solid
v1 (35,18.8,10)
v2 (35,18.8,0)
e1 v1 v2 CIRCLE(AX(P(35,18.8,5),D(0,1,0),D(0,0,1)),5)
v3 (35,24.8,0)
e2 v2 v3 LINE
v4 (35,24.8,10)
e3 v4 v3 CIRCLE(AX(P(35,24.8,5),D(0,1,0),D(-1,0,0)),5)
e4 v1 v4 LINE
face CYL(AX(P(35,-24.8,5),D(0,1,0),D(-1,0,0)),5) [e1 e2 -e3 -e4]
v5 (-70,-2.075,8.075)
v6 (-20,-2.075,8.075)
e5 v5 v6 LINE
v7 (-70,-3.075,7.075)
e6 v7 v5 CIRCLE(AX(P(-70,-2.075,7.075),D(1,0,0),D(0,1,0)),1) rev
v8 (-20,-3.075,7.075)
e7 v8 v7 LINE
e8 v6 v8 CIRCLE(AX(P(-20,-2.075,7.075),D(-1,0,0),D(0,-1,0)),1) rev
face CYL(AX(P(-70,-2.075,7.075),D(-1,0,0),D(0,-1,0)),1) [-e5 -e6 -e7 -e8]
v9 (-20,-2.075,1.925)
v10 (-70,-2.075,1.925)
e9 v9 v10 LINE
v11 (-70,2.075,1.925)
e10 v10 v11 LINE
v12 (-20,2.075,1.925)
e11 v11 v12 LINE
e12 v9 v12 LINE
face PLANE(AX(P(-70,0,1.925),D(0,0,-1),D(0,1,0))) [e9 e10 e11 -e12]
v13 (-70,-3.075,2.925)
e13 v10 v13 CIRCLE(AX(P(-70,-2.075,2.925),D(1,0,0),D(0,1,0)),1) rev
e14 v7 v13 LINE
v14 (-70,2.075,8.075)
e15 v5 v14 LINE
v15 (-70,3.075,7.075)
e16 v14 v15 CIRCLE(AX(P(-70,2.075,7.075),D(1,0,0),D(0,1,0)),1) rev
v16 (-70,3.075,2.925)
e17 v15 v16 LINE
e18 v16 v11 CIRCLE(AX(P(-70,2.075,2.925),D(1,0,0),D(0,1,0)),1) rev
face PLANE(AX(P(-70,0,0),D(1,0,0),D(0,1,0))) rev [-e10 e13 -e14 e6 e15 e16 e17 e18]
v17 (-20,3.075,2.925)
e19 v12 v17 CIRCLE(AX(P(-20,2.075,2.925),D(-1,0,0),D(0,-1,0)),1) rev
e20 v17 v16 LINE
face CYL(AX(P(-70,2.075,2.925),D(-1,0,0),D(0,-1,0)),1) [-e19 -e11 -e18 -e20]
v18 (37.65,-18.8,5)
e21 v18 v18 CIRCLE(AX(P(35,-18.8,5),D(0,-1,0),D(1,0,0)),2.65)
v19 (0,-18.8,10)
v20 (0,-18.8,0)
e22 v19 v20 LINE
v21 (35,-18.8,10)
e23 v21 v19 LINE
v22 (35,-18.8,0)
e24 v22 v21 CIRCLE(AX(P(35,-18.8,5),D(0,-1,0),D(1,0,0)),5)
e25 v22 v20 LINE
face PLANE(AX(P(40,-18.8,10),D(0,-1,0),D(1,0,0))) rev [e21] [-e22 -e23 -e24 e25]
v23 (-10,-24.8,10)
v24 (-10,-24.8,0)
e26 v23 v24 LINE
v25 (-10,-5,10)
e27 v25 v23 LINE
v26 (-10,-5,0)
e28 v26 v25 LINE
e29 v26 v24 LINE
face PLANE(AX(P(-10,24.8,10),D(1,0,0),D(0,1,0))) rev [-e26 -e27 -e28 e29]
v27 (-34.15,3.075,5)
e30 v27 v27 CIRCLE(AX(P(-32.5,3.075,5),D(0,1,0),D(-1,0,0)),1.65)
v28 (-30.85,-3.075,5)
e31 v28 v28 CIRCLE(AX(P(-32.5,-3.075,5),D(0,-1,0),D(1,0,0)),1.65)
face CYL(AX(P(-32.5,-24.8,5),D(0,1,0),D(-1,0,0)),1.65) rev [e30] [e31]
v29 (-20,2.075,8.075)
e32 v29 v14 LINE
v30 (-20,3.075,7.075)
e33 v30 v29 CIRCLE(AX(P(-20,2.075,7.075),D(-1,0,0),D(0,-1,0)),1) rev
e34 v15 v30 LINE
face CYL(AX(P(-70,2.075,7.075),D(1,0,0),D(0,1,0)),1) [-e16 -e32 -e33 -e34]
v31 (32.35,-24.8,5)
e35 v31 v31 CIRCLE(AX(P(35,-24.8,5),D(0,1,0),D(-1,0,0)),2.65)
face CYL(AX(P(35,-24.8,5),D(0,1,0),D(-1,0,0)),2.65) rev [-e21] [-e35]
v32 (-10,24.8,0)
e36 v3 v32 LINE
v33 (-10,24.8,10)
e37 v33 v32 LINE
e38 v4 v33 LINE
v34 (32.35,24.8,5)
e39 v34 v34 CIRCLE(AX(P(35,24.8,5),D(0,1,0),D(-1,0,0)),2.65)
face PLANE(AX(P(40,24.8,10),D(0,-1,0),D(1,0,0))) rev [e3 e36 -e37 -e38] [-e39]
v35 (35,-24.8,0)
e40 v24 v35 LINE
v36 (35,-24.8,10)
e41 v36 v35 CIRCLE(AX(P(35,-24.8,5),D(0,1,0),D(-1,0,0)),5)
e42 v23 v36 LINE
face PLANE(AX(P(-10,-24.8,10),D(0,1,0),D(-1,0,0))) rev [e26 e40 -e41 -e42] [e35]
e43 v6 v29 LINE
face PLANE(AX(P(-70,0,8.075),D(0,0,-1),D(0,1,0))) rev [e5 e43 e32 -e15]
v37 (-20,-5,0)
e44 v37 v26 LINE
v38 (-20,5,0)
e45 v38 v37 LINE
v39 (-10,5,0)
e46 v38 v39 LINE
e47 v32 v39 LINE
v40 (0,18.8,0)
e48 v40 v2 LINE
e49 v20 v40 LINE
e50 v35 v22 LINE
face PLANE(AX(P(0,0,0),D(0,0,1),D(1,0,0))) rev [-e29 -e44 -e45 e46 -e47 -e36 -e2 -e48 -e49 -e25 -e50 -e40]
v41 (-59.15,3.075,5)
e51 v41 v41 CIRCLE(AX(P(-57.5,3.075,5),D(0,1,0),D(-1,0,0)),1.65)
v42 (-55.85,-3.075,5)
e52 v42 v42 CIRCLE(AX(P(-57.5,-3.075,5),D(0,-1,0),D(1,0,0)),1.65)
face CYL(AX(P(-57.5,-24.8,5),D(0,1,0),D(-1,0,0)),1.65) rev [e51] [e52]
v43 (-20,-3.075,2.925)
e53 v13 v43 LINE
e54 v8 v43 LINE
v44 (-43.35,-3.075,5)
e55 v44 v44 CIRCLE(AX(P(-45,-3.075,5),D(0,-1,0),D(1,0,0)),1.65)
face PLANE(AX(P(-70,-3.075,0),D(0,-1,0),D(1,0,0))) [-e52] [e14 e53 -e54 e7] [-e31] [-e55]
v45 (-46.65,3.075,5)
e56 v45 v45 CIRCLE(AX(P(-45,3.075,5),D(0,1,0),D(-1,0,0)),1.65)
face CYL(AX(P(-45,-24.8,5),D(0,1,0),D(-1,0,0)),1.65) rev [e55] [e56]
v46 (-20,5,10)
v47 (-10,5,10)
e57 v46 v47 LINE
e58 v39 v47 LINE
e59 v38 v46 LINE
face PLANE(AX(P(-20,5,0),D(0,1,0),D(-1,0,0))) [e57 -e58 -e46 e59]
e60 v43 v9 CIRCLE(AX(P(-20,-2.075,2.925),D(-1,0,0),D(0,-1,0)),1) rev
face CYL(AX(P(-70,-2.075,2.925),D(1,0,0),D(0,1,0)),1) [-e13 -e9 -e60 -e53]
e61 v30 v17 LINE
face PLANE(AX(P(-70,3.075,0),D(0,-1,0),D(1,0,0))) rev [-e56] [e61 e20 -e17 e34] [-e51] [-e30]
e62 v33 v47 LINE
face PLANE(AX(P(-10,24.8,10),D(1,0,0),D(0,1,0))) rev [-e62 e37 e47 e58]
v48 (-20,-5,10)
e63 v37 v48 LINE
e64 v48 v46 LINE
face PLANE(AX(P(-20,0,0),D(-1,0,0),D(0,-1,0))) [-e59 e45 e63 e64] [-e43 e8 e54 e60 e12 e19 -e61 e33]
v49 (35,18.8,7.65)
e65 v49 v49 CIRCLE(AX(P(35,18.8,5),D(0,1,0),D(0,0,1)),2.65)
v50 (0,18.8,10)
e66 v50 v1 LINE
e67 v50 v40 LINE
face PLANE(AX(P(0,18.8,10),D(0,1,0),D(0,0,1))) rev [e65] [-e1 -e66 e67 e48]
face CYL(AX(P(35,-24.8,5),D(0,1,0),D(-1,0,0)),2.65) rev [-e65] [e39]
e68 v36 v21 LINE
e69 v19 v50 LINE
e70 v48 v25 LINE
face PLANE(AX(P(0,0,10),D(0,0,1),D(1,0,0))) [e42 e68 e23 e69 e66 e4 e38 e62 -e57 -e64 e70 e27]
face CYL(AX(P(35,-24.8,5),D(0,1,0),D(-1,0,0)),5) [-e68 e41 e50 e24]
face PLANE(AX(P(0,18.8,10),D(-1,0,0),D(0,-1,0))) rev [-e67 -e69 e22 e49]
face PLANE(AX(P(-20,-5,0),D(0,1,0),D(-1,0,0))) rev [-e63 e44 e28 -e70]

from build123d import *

# Parameters (mm, degrees)
EXTRUDE_1_DEPTH     = 10
SKETCH_2_W          = 10
SKETCH_2_H          = 10
SKETCH_2_W_2        = 6.15
SKETCH_2_H_2        = 6.15
EXTRUDE_2_DEPTH     = 10
EXTRUDE_START       = 10
SKETCH_2_3_W        = 6.15
SKETCH_2_3_H        = 6.15
EXTRUDE_3_DEPTH     = 50
CUT_EXTRUDE_1_DEPTH = 87.372217755
SKETCH_4_R          = 1.65
CUT_EXTRUDE_2_DEPTH = 77.00668145
FILLET_1_R          = 1


with BuildPart() as part:
    # 草图1 → 凸台-拉伸1 (new body)
    with BuildSketch(Plane.XY):
        Polygon((0, 18.8), (0, -18.8), (40, -18.8), (40, -24.8), (-10, -24.8), (-10, 24.8), (40, 24.8), (40, 18.8), align=None)
    extrude(amount=EXTRUDE_1_DEPTH)

    # 草图2 → 凸台-拉伸2 (add)
    # profile 1 of 2: a face of its own
    with BuildSketch(Plane.ZY.offset(10)):
        with Locations((5, 0)):
            Rectangle(SKETCH_2_W, SKETCH_2_H)
        with Locations((5, 0)):
            Rectangle(SKETCH_2_W_2, SKETCH_2_H_2, mode=Mode.SUBTRACT)
    # profile 2 of 2: a face of its own
    with BuildSketch(Plane.ZY.offset(10)):
        with Locations((5, 0)):
            Rectangle(SKETCH_2_W_2, SKETCH_2_H_2)
    extrude(amount=EXTRUDE_2_DEPTH)

    # 草图2<3> → 凸台-拉伸3 (add)
    with BuildSketch(Plane.ZY.offset(10).offset(EXTRUDE_START)):
        with Locations((5, 0)):
            Rectangle(SKETCH_2_3_W, SKETCH_2_3_H)
    extrude(amount=EXTRUDE_3_DEPTH)

    # 草图3 → 切除-拉伸1 (cut, through all)
    with BuildSketch(Plane(origin=(0, 24.8, 0), x_dir=(1, 0, 0), z_dir=(0, 1, 0))):
        with BuildLine():
            ThreePointArc((32.35, -5), (35, -7.65), (37.65, -5))
            Line((37.65, -5), (32.35, -5))
        make_face()
        with BuildLine():
            Line((32.35, -5), (37.65, -5))
            ThreePointArc((37.65, -5), (35, -2.35), (32.35, -5))
        make_face()
        with BuildLine():
            ThreePointArc((35, 0), (38.535533906, -1.464466094), (40, -5))
            Line((40, -5), (40, 0))
            Line((40, 0), (35, 0))
        make_face()
        with BuildLine():
            Line((40, -10), (40, -5))
            ThreePointArc((40, -5), (38.535533906, -8.535533906), (35, -10))
            Line((35, -10), (40, -10))
        make_face()
    extrude(amount=-CUT_EXTRUDE_1_DEPTH, mode=Mode.SUBTRACT)

    # 草图4 → 切除-拉伸2 (cut, through all)
    with BuildSketch(Plane(origin=(0, 3.075, 0), x_dir=(1, 0, 0), z_dir=(0, 1, 0))):
        with Locations(Location((-45, -5, 0), (0, 0, 180))):
            Circle(SKETCH_4_R)
        with Locations(Location((-32.5, -5, 0), (0, 0, 180))):
            Circle(SKETCH_4_R)
        with Locations(Location((-57.5, -5, 0), (0, 0, 180))):
            Circle(SKETCH_4_R)
    extrude(amount=-CUT_EXTRUDE_2_DEPTH, mode=Mode.SUBTRACT)

    # 圆角1
    fillet_1_edges = [part.edges().sort_by_distance(p)[0] for p in [
        (-45, -3.075, 1.925),
        (-45, -3.075, 8.075),
        (-45, 3.075, 8.075),
        (-45, 3.075, 1.925),
    ]]
    fillet(fillet_1_edges, radius=FILLET_1_R)


solid = part.part
